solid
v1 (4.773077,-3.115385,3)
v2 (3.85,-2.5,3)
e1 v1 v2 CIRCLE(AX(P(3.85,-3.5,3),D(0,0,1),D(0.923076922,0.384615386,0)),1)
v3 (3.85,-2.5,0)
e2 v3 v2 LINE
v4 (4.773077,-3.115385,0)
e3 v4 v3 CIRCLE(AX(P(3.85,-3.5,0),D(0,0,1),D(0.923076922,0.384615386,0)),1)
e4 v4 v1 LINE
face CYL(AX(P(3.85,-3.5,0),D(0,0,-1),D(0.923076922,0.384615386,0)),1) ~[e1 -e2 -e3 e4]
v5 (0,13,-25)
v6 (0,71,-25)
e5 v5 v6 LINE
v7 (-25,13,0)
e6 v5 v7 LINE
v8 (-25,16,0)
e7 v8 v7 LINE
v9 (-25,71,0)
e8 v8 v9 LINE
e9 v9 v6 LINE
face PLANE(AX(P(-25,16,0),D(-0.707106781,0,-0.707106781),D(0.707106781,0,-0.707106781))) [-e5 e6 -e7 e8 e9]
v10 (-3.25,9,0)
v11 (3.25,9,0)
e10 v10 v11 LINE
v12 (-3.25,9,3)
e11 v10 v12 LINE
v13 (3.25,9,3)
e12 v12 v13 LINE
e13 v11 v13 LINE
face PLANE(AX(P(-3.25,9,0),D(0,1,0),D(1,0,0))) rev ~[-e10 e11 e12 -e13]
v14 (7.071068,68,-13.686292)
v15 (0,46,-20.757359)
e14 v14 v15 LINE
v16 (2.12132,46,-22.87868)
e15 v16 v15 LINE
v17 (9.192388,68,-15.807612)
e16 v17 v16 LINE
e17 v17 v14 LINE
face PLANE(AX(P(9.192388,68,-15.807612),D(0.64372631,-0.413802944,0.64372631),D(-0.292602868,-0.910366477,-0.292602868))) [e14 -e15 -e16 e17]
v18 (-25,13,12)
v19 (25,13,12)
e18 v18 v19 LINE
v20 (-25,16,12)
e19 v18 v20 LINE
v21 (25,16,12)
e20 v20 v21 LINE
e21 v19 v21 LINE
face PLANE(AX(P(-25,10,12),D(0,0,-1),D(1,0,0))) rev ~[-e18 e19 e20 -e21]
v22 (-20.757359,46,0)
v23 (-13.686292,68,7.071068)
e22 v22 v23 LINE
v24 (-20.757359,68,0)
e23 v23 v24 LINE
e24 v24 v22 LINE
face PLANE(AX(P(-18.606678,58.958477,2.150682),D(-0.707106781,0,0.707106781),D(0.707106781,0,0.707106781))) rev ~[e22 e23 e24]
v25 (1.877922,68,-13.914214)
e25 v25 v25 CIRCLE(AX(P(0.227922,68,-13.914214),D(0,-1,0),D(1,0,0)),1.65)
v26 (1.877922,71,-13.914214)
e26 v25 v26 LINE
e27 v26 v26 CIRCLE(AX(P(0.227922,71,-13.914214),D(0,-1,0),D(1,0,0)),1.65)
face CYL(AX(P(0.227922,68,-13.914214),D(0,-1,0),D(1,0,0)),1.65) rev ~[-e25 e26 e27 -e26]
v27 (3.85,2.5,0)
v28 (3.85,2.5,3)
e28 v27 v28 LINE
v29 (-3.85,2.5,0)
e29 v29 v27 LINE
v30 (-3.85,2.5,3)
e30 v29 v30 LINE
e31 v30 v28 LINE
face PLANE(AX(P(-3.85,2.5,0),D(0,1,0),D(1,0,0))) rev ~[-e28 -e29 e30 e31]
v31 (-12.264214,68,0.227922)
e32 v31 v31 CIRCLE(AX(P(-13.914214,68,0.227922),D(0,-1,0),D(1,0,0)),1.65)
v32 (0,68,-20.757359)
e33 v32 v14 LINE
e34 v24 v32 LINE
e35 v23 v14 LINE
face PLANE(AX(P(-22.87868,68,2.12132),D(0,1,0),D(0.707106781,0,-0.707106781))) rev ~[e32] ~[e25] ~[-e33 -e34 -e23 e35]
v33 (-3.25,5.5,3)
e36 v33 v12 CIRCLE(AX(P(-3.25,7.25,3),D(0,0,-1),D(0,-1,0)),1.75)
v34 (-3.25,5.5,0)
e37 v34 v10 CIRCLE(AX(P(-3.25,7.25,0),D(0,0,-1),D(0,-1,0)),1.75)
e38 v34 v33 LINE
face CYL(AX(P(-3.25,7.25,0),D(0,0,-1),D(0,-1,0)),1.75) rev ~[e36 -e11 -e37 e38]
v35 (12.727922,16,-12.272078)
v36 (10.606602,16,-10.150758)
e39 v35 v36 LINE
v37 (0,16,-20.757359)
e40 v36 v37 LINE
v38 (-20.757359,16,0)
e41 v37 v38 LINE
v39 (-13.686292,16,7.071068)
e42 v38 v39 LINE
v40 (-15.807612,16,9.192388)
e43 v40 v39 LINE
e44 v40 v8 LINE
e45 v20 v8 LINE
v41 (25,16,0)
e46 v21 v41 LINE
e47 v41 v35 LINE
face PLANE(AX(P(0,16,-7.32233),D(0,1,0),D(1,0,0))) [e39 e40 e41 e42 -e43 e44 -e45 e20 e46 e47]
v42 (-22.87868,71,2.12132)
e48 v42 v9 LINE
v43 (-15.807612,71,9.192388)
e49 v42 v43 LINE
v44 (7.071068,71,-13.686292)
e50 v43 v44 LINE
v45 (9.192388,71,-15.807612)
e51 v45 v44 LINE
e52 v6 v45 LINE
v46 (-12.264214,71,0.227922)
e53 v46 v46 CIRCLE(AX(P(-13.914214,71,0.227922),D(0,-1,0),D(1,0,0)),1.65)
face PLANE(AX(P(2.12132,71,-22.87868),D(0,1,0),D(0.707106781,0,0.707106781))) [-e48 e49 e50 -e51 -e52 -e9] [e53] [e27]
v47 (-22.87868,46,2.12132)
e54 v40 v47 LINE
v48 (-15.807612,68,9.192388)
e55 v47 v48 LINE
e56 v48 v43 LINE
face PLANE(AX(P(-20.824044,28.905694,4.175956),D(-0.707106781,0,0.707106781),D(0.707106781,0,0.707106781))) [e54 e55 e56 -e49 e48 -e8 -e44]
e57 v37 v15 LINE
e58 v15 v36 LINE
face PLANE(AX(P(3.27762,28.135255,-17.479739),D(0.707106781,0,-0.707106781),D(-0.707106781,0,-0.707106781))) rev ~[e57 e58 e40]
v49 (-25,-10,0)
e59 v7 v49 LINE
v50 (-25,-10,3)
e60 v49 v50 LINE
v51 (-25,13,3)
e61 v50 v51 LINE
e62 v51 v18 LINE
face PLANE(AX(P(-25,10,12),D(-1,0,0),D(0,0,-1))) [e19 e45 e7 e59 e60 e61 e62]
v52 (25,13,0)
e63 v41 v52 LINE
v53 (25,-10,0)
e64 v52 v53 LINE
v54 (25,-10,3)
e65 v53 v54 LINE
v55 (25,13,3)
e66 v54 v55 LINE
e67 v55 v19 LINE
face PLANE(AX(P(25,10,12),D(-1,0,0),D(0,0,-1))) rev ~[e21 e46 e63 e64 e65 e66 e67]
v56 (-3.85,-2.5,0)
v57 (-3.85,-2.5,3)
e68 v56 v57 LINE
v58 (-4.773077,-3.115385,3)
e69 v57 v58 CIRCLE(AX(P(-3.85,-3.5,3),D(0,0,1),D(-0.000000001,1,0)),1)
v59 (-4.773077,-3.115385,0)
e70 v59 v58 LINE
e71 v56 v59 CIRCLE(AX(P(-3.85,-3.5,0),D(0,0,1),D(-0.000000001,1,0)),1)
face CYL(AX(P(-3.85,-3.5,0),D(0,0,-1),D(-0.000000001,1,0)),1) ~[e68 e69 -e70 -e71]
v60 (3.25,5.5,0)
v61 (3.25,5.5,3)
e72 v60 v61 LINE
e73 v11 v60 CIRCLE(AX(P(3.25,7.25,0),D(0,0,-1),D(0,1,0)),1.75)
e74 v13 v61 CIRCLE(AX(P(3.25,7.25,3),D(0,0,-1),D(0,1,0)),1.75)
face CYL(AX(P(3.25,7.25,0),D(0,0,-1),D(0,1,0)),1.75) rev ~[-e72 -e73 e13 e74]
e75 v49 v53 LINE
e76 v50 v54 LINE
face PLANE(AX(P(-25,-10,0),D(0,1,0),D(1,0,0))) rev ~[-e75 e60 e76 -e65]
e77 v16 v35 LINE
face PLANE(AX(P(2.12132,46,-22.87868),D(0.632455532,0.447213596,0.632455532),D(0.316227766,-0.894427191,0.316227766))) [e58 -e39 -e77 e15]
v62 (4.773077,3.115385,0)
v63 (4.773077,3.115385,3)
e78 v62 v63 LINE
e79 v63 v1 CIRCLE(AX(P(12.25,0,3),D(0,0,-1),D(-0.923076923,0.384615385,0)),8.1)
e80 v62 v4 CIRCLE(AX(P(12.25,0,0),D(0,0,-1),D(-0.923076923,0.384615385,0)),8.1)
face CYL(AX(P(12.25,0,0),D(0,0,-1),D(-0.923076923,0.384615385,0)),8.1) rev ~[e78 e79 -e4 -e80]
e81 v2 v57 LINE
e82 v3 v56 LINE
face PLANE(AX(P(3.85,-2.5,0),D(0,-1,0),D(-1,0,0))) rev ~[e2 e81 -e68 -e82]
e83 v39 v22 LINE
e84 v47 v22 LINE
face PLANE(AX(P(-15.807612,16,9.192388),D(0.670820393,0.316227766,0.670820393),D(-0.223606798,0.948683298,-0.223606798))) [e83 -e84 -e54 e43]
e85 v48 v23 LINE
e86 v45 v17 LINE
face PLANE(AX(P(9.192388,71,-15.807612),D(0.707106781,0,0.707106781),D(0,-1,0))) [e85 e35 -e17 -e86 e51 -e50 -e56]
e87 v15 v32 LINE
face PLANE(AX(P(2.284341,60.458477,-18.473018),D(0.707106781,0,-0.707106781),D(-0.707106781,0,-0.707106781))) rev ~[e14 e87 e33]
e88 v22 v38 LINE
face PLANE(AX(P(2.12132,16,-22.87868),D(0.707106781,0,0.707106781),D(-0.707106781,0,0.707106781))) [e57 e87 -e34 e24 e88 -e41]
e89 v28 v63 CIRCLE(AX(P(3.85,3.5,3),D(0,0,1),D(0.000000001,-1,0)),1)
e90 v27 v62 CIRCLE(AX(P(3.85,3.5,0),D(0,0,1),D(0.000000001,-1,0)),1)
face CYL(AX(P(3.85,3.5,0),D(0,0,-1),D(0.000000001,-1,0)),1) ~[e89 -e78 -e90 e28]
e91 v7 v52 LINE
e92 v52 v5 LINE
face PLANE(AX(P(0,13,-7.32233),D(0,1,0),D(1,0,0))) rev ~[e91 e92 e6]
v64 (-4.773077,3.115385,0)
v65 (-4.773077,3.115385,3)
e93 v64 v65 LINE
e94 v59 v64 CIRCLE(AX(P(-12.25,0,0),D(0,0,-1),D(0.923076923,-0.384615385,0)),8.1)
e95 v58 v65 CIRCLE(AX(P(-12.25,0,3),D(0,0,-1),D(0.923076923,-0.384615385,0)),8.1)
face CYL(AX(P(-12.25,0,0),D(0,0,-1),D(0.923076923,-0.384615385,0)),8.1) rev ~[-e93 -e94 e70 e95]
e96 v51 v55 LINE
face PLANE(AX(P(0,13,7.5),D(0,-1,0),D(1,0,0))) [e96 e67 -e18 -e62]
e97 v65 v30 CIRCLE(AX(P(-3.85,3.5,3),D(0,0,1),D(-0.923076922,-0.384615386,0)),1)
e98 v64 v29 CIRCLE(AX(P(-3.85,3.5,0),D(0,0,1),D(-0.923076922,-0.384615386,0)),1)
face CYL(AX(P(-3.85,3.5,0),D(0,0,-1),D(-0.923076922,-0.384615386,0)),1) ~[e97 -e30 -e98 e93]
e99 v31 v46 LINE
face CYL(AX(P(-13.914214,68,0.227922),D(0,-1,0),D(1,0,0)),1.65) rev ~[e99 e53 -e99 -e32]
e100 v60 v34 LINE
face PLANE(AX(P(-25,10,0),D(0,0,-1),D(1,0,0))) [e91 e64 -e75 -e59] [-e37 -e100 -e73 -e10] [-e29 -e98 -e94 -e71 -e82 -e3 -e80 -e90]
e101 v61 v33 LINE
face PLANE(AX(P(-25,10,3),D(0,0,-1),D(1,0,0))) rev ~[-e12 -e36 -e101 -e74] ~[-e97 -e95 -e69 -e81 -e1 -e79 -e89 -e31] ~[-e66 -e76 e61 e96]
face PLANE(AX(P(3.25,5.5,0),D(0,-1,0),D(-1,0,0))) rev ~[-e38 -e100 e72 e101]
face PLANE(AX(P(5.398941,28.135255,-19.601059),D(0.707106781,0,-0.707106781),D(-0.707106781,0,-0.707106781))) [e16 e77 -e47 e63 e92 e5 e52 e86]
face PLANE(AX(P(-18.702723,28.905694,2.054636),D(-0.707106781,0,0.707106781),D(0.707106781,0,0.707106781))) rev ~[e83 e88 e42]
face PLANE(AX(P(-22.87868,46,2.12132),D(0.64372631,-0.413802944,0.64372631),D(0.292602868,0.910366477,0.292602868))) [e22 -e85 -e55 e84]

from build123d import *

# Parameters (mm, degrees)
SKETCH_1_W          = 50
SKETCH_1_H          = 20
EXTRUDE_1_DEPTH     = 3
SKETCH_2_W          = 50
SKETCH_2_H          = 12
EXTRUDE_2_DEPTH     = 6
SKETCH_5_W          = 50
SKETCH_5_H          = 9
CUT_EXTRUDE_2_DEPTH = 3
EXTRUDE_3_DEPTH     = 3
EXTRUDE_4_DEPTH     = 55
SKETCH_12_W         = 32.35533906
SKETCH_12_H         = 3
EXTRUDE_6_DEPTH     = 10
EXTRUDE_7_DEPTH     = 3
EXTRUDE_8_DEPTH     = 3
SKETCH_15_R         = 1.65
CUT_EXTRUDE_3_DEPTH = 3


with BuildPart() as part:
    # 草图1 → 凸台-拉伸1 (new body)
    with BuildSketch(Plane.XY):
        Rectangle(SKETCH_1_W, SKETCH_1_H)
        with BuildLine():
            Line((-3.85, 2.5), (3.85, 2.5))
            ThreePointArc((3.85, 2.5), (4.404700196, 2.667949706), (4.773076923, 3.115384615))
            ThreePointArc((4.773076923, 3.115384615), (20.35, 0), (4.773076923, -3.115384615))
            ThreePointArc((4.773076923, -3.115384615), (4.404700196, -2.667949706), (3.85, -2.5))
            Line((3.85, -2.5), (-3.85, -2.5))
            ThreePointArc((-3.85, -2.5), (-4.404700196, -2.667949706), (-4.773076923, -3.115384615))
            ThreePointArc((-4.773076923, -3.115384615), (-20.35, 0), (-4.773076923, 3.115384615))
            ThreePointArc((-4.773076923, 3.115384615), (-4.404700196, 2.667949706), (-3.85, 2.5))
        make_face(mode=Mode.SUBTRACT)
        with BuildLine():
            Line((3.25, 5.5), (-3.25, 5.5))
            ThreePointArc((-3.25, 5.5), (-5, 7.25), (-3.25, 9))
            Line((-3.25, 9), (3.25, 9))
            ThreePointArc((3.25, 9), (5, 7.25), (3.25, 5.5))
        make_face(mode=Mode.SUBTRACT)
    extrude(amount=EXTRUDE_1_DEPTH)

    # 草图2 → 凸台-拉伸2 (add)
    with BuildSketch(Plane(origin=(0, 10, 0), x_dir=(1, 0, 0), z_dir=(0, 1, 0))):
        with Locations((0, -6)):
            Rectangle(SKETCH_2_W, SKETCH_2_H)
    extrude(amount=EXTRUDE_2_DEPTH)

    # 草图5 → 切除-拉伸2 (cut)
    with BuildSketch(Plane.XZ.offset(-10)):
        with Locations((0, 7.5)):
            Rectangle(SKETCH_5_W, SKETCH_5_H)
    extrude(amount=-CUT_EXTRUDE_2_DEPTH, mode=Mode.SUBTRACT)

    # 草图9 → 凸台-拉伸3 (add)
    with BuildSketch(Plane(origin=(0, 16, 0), x_dir=(1, 0, 0), z_dir=(0, 1, 0))):
        Polygon((25, 0), (0, 25), (-25, 0), align=None)
    extrude(amount=-EXTRUDE_3_DEPTH)

    # 草图11 → 凸台-拉伸4 (add)
    with BuildSketch(Plane(origin=(0, 16, 0), x_dir=(1, 0, 0), z_dir=(0, 1, 0))):
        Polygon((0, 25), (2.121320344, 22.878679656), (-22.878679656, -2.121320344), (-25, 0), align=None)
    extrude(amount=EXTRUDE_4_DEPTH)

    # 草图12 → 凸台-拉伸6 (add)
    with BuildSketch(Plane(origin=(-10.378679656, 0, -10.378679656), x_dir=(0.707106781, 0, -0.707106781), z_dir=(0.707106781, 0, 0.707106781))):
        with Locations((-1.5, 69.5)):
            Rectangle(SKETCH_12_W, SKETCH_12_H)
    extrude(amount=EXTRUDE_6_DEPTH)

    # 草图13 → 凸台-拉伸7 (add)
    with BuildSketch(Plane(origin=(12.5, 0, -12.5), x_dir=(-0.707106781, 0, -0.707106781), z_dir=(0.707106781, 0, -0.707106781))):
        Polygon((14.67766953, 16), (14.67766953, 46), (-0.32233047, 16), align=None)
        Polygon((14.67766953, 46), (14.67766953, 71), (4.67766953, 71), (4.67766953, 68), align=None)
    extrude(amount=-EXTRUDE_7_DEPTH)

    # 草图14 → 凸台-拉伸8 (add)
    with BuildSketch(Plane(origin=(-12.5, 0, 12.5), x_dir=(0.707106781, 0, 0.707106781), z_dir=(-0.707106781, 0, 0.707106781))):
        Polygon((-14.67766953, 46), (-14.67766953, 16), (-4.67766953, 16), align=None)
        Polygon((-14.67766953, 68), (-14.67766953, 46), (-4.67766953, 68), align=None)
    extrude(amount=-EXTRUDE_8_DEPTH)

    # 草图15 → 切除-拉伸3 (cut)
    with BuildSketch(Plane.XZ.offset(-68)):
        with Locations((0.227922061, -13.914213562)):
            Circle(SKETCH_15_R)
        with Locations((-13.914213562, 0.227922061)):
            Circle(SKETCH_15_R)
    extrude(amount=-CUT_EXTRUDE_3_DEPTH, mode=Mode.SUBTRACT)


solid = part.part
